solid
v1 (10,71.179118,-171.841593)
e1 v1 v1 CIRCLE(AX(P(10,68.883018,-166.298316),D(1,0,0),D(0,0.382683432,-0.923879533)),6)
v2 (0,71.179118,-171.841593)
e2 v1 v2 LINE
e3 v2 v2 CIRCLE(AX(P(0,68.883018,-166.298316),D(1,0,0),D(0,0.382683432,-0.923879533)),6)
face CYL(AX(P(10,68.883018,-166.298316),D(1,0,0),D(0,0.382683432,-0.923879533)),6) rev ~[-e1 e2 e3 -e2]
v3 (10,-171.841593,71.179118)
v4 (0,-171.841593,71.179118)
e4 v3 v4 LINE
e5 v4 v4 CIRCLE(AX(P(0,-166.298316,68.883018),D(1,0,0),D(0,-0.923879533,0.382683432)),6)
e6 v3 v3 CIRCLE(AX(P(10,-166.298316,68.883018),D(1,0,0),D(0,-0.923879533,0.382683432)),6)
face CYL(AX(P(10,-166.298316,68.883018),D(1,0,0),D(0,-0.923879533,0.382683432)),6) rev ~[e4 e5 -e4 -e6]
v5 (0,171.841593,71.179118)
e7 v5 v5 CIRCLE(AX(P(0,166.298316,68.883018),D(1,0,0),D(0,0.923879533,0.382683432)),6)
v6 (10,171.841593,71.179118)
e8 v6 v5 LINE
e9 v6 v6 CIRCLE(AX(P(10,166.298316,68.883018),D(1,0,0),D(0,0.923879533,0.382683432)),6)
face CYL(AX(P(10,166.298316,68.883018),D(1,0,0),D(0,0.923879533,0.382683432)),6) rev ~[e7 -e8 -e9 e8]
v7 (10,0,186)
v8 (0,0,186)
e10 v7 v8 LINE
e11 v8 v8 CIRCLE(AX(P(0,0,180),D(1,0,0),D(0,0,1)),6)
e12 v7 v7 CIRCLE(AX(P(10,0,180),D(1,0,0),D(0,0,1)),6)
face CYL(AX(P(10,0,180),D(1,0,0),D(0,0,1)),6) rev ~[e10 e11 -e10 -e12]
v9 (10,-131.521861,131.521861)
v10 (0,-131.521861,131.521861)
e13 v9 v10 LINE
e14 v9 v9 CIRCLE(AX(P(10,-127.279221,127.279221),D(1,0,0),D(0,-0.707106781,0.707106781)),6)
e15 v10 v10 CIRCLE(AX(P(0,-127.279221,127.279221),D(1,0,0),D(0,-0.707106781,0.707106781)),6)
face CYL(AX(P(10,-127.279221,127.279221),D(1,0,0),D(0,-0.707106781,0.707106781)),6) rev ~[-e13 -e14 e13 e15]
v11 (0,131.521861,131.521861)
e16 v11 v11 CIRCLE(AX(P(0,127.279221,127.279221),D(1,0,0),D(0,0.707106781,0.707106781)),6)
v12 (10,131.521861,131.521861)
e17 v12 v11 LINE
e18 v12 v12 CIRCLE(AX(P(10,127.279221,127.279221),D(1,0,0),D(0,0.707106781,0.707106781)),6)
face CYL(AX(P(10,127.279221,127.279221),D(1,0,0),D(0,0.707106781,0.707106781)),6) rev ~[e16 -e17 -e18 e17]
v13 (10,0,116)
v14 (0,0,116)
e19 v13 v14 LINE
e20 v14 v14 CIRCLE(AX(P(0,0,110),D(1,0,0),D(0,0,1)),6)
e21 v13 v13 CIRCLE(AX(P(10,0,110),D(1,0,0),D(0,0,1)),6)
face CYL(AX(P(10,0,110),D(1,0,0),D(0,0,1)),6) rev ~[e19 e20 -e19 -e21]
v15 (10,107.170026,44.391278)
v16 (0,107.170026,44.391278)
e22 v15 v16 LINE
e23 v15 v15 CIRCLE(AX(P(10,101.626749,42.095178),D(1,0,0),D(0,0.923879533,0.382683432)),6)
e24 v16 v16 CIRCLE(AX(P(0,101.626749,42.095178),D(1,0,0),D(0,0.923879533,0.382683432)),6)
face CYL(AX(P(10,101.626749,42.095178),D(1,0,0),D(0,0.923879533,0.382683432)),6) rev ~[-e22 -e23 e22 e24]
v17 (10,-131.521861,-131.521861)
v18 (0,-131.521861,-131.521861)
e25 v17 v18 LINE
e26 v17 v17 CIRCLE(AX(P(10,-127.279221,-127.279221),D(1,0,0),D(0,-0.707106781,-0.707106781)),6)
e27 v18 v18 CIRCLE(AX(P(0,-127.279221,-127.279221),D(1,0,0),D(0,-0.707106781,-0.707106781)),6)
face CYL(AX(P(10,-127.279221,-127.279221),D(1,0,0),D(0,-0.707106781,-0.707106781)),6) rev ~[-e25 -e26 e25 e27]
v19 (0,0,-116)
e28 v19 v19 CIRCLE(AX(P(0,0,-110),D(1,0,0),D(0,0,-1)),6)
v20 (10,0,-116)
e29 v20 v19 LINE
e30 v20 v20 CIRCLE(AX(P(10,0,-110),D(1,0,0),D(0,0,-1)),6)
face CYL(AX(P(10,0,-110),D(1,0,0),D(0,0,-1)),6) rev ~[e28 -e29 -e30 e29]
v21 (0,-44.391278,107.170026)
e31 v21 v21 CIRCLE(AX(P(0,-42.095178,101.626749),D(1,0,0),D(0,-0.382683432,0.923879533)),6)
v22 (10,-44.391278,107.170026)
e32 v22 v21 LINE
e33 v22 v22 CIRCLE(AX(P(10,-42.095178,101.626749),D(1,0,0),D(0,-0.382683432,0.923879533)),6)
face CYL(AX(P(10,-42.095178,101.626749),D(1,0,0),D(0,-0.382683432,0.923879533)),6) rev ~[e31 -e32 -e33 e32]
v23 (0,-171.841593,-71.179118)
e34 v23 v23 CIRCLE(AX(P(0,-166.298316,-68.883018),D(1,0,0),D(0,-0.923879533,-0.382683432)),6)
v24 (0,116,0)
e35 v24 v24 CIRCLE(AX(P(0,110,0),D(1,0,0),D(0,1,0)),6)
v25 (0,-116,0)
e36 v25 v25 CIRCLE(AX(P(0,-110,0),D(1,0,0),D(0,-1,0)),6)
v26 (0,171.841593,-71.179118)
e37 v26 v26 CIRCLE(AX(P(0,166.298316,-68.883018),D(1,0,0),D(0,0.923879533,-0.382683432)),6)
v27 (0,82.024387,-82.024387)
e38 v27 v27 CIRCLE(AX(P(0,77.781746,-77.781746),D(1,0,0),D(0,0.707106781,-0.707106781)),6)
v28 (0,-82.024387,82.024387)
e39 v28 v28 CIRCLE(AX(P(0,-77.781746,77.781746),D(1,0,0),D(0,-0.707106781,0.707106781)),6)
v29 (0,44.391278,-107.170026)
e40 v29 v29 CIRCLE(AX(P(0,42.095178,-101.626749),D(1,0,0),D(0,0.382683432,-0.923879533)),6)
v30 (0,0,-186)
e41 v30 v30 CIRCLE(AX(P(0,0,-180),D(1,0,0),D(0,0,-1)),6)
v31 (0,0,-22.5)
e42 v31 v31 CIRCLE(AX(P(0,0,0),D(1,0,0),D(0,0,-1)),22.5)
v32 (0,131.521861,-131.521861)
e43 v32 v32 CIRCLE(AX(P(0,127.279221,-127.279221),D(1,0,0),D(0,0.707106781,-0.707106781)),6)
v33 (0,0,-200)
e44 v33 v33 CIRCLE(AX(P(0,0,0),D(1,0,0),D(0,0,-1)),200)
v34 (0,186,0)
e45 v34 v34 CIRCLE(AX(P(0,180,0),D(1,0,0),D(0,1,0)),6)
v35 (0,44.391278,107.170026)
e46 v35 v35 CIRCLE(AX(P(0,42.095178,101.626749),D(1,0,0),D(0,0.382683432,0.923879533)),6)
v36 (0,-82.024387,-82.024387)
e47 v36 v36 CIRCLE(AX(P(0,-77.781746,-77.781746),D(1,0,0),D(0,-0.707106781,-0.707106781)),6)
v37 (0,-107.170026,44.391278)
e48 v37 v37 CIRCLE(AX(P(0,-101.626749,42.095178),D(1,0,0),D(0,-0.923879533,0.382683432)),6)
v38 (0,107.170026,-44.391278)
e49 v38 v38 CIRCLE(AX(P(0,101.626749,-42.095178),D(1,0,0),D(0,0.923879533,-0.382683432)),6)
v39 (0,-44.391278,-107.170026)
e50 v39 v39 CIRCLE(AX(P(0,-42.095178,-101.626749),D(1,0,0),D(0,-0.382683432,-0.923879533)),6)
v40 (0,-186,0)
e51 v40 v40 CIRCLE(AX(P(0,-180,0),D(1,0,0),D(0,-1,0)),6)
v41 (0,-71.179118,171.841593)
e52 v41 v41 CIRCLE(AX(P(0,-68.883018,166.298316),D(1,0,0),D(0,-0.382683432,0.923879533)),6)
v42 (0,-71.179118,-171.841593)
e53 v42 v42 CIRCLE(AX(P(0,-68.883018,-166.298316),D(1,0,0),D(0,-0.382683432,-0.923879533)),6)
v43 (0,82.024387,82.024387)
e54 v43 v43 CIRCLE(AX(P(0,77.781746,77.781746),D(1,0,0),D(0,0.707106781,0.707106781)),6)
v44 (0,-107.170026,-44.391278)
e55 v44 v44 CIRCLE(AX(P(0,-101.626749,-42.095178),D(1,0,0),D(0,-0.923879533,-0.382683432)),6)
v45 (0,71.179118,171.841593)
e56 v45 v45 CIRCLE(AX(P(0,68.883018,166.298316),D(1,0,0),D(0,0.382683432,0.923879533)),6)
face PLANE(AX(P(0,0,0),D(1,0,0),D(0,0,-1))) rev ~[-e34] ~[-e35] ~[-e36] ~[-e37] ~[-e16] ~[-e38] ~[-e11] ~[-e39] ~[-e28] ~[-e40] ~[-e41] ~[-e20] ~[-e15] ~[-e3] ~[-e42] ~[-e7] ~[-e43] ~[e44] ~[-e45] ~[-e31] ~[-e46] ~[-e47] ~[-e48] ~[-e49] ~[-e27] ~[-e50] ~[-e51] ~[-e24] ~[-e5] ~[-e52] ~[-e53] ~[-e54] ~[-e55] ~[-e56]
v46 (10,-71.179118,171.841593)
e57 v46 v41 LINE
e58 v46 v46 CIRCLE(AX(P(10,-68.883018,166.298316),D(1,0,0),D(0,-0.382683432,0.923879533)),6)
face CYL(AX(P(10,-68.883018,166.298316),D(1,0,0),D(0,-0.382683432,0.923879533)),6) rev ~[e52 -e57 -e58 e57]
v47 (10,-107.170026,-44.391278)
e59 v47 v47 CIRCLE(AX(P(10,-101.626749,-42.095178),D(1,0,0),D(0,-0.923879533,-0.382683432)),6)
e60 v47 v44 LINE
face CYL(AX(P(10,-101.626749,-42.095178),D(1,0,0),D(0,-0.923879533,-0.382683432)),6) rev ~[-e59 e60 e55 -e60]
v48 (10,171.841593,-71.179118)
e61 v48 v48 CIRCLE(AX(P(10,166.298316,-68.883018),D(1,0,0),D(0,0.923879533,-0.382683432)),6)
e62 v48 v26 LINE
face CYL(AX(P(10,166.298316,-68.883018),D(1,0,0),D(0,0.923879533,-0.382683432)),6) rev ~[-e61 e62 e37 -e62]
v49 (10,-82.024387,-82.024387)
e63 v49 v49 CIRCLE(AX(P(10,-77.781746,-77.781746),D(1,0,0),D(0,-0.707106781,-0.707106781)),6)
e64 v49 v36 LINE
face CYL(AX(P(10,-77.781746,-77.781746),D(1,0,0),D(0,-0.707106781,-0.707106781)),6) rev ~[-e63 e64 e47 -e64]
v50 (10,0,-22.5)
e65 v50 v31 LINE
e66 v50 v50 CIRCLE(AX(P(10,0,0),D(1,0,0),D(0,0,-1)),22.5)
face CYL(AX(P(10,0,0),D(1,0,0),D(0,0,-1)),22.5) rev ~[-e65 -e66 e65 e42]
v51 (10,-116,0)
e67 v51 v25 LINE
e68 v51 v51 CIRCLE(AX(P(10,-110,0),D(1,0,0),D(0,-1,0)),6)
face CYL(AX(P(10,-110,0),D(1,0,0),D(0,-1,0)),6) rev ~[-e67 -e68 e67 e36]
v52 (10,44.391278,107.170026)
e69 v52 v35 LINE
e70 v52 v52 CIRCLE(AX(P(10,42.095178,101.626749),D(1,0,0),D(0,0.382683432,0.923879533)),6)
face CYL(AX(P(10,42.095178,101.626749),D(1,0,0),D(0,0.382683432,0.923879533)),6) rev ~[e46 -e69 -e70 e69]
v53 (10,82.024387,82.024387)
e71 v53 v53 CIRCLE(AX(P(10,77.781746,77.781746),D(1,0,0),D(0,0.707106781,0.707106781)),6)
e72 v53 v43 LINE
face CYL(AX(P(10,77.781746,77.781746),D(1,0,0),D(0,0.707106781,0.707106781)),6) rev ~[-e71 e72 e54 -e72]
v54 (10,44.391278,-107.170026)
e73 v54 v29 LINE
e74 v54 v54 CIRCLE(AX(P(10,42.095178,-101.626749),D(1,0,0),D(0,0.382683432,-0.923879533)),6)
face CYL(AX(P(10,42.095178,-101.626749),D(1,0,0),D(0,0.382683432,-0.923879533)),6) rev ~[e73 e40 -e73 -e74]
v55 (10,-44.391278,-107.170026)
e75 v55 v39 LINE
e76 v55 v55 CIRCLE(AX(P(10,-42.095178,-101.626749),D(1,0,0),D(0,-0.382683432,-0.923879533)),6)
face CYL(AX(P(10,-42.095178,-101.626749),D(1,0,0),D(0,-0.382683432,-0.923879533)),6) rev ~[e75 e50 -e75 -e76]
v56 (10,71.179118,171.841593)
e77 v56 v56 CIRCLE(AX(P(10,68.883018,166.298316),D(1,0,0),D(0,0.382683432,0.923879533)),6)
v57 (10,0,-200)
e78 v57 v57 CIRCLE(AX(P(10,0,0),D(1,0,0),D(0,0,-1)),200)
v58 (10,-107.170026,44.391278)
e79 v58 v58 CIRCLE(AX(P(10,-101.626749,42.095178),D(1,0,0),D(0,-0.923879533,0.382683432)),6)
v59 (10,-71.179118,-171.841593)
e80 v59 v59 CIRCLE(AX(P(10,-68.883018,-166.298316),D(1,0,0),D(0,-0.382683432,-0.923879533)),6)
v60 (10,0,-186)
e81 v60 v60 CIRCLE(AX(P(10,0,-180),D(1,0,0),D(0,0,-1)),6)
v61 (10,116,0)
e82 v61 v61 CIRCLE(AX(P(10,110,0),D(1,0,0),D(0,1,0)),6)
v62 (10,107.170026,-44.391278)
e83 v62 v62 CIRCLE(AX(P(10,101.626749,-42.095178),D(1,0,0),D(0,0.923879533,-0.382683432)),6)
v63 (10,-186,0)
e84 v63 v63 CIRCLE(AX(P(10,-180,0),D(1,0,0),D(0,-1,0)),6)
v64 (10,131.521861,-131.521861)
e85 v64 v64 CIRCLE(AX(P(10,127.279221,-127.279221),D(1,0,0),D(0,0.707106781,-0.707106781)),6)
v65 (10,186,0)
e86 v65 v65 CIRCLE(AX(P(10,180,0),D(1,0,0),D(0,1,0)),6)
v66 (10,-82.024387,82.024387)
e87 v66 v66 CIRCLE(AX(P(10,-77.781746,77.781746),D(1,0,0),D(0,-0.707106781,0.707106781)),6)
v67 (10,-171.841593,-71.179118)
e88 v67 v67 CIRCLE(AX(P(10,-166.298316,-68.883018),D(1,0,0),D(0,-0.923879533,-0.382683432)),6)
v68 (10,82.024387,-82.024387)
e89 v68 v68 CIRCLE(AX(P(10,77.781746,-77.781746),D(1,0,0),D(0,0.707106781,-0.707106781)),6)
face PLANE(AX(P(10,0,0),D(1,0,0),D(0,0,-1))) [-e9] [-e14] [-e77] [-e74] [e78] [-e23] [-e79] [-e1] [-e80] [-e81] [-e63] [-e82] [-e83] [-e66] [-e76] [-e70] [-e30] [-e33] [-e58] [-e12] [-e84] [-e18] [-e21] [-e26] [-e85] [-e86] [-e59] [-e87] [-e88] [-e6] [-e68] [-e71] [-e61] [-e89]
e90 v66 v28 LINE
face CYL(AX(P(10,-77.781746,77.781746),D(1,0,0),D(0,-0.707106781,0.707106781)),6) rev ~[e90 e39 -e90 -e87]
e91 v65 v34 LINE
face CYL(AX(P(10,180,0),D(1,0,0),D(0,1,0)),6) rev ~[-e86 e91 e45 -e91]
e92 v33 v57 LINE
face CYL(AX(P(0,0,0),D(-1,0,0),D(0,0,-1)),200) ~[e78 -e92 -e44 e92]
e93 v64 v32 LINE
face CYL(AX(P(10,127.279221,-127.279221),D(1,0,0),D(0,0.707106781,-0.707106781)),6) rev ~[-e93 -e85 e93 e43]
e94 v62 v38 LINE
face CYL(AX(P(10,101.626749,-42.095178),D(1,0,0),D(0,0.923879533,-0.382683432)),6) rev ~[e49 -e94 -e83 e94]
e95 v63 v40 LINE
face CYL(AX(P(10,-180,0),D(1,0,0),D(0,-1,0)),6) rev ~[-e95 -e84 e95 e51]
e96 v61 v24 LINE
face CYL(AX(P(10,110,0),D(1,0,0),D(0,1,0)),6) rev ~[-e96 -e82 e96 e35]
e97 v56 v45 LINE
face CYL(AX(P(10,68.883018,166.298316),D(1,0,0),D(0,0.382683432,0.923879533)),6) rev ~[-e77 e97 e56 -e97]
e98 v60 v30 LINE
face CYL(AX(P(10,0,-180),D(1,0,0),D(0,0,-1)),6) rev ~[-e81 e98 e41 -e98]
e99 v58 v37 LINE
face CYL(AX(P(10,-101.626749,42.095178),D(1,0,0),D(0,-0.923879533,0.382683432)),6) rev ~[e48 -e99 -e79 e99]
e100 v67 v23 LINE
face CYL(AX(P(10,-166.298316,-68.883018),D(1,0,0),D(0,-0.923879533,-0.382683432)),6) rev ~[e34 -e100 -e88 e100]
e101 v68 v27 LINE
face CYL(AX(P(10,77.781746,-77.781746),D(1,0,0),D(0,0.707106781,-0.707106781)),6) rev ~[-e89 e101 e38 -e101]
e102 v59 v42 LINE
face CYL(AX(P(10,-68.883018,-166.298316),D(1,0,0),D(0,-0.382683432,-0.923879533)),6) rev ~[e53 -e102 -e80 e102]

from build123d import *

# Parameters (mm, degrees)
SKETCH1_R           = 200
BOSS_EXTRUDE1_DEPTH = 10
SKETCH2_R           = 22.5
CUT_EXTRUDE1_DEPTH  = 10
SKETCH3_R           = 6
CUT_EXTRUDE2_DEPTH  = 10
CIRPATTERN1_COUNT   = 16
SKETCH4_R           = 6
CUT_EXTRUDE3_DEPTH  = 10
CIRPATTERN2_COUNT   = 16


with BuildPart() as part:
    # Sketch1 → Boss-Extrude1 (new body)
    with BuildSketch(Plane(origin=(0, 0, 0), x_dir=(0, 0, -1), z_dir=(1, 0, 0))):
        Circle(SKETCH1_R)
    extrude(amount=BOSS_EXTRUDE1_DEPTH)

    # Sketch2 → Cut-Extrude1 (cut)
    with BuildSketch(Plane(origin=(10, 0, 0), x_dir=(0, 0, -1), z_dir=(1, 0, 0))):
        Circle(SKETCH2_R)
    extrude(amount=-CUT_EXTRUDE1_DEPTH, mode=Mode.SUBTRACT)

    # Sketch3 → Cut-Extrude2 (cut)
    with BuildSketch(Plane(origin=(10, 0, 0), x_dir=(0, 0, -1), z_dir=(1, 0, 0))):
        with Locations((110, 0)):
            Circle(SKETCH3_R)
    cut_extrude2 = extrude(amount=-CUT_EXTRUDE2_DEPTH, mode=Mode.SUBTRACT)

    # CirPattern1: Cut-Extrude2 ×16 about axis
    cirpattern1_axis = Axis((0, 0, 0), (1, 0, 0))
    for i in range(1, CIRPATTERN1_COUNT):
        add(cut_extrude2.rotate(cirpattern1_axis, i * 360 / CIRPATTERN1_COUNT), mode=Mode.SUBTRACT)

    # Sketch4 → Cut-Extrude3 (cut)
    with BuildSketch(Plane(origin=(10, 0, 0), x_dir=(0, 0, -1), z_dir=(1, 0, 0))):
        with Locations((180, 0)):
            Circle(SKETCH4_R)
    cut_extrude3 = extrude(amount=-CUT_EXTRUDE3_DEPTH, mode=Mode.SUBTRACT)

    # CirPattern2: Cut-Extrude3 ×16 about axis
    cirpattern2_axis = Axis((0, 0, 0), (1, 0, 0))
    for i in range(1, CIRPATTERN2_COUNT):
        add(cut_extrude3.rotate(cirpattern2_axis, i * 360 / CIRPATTERN2_COUNT), mode=Mode.SUBTRACT)


solid = part.part
